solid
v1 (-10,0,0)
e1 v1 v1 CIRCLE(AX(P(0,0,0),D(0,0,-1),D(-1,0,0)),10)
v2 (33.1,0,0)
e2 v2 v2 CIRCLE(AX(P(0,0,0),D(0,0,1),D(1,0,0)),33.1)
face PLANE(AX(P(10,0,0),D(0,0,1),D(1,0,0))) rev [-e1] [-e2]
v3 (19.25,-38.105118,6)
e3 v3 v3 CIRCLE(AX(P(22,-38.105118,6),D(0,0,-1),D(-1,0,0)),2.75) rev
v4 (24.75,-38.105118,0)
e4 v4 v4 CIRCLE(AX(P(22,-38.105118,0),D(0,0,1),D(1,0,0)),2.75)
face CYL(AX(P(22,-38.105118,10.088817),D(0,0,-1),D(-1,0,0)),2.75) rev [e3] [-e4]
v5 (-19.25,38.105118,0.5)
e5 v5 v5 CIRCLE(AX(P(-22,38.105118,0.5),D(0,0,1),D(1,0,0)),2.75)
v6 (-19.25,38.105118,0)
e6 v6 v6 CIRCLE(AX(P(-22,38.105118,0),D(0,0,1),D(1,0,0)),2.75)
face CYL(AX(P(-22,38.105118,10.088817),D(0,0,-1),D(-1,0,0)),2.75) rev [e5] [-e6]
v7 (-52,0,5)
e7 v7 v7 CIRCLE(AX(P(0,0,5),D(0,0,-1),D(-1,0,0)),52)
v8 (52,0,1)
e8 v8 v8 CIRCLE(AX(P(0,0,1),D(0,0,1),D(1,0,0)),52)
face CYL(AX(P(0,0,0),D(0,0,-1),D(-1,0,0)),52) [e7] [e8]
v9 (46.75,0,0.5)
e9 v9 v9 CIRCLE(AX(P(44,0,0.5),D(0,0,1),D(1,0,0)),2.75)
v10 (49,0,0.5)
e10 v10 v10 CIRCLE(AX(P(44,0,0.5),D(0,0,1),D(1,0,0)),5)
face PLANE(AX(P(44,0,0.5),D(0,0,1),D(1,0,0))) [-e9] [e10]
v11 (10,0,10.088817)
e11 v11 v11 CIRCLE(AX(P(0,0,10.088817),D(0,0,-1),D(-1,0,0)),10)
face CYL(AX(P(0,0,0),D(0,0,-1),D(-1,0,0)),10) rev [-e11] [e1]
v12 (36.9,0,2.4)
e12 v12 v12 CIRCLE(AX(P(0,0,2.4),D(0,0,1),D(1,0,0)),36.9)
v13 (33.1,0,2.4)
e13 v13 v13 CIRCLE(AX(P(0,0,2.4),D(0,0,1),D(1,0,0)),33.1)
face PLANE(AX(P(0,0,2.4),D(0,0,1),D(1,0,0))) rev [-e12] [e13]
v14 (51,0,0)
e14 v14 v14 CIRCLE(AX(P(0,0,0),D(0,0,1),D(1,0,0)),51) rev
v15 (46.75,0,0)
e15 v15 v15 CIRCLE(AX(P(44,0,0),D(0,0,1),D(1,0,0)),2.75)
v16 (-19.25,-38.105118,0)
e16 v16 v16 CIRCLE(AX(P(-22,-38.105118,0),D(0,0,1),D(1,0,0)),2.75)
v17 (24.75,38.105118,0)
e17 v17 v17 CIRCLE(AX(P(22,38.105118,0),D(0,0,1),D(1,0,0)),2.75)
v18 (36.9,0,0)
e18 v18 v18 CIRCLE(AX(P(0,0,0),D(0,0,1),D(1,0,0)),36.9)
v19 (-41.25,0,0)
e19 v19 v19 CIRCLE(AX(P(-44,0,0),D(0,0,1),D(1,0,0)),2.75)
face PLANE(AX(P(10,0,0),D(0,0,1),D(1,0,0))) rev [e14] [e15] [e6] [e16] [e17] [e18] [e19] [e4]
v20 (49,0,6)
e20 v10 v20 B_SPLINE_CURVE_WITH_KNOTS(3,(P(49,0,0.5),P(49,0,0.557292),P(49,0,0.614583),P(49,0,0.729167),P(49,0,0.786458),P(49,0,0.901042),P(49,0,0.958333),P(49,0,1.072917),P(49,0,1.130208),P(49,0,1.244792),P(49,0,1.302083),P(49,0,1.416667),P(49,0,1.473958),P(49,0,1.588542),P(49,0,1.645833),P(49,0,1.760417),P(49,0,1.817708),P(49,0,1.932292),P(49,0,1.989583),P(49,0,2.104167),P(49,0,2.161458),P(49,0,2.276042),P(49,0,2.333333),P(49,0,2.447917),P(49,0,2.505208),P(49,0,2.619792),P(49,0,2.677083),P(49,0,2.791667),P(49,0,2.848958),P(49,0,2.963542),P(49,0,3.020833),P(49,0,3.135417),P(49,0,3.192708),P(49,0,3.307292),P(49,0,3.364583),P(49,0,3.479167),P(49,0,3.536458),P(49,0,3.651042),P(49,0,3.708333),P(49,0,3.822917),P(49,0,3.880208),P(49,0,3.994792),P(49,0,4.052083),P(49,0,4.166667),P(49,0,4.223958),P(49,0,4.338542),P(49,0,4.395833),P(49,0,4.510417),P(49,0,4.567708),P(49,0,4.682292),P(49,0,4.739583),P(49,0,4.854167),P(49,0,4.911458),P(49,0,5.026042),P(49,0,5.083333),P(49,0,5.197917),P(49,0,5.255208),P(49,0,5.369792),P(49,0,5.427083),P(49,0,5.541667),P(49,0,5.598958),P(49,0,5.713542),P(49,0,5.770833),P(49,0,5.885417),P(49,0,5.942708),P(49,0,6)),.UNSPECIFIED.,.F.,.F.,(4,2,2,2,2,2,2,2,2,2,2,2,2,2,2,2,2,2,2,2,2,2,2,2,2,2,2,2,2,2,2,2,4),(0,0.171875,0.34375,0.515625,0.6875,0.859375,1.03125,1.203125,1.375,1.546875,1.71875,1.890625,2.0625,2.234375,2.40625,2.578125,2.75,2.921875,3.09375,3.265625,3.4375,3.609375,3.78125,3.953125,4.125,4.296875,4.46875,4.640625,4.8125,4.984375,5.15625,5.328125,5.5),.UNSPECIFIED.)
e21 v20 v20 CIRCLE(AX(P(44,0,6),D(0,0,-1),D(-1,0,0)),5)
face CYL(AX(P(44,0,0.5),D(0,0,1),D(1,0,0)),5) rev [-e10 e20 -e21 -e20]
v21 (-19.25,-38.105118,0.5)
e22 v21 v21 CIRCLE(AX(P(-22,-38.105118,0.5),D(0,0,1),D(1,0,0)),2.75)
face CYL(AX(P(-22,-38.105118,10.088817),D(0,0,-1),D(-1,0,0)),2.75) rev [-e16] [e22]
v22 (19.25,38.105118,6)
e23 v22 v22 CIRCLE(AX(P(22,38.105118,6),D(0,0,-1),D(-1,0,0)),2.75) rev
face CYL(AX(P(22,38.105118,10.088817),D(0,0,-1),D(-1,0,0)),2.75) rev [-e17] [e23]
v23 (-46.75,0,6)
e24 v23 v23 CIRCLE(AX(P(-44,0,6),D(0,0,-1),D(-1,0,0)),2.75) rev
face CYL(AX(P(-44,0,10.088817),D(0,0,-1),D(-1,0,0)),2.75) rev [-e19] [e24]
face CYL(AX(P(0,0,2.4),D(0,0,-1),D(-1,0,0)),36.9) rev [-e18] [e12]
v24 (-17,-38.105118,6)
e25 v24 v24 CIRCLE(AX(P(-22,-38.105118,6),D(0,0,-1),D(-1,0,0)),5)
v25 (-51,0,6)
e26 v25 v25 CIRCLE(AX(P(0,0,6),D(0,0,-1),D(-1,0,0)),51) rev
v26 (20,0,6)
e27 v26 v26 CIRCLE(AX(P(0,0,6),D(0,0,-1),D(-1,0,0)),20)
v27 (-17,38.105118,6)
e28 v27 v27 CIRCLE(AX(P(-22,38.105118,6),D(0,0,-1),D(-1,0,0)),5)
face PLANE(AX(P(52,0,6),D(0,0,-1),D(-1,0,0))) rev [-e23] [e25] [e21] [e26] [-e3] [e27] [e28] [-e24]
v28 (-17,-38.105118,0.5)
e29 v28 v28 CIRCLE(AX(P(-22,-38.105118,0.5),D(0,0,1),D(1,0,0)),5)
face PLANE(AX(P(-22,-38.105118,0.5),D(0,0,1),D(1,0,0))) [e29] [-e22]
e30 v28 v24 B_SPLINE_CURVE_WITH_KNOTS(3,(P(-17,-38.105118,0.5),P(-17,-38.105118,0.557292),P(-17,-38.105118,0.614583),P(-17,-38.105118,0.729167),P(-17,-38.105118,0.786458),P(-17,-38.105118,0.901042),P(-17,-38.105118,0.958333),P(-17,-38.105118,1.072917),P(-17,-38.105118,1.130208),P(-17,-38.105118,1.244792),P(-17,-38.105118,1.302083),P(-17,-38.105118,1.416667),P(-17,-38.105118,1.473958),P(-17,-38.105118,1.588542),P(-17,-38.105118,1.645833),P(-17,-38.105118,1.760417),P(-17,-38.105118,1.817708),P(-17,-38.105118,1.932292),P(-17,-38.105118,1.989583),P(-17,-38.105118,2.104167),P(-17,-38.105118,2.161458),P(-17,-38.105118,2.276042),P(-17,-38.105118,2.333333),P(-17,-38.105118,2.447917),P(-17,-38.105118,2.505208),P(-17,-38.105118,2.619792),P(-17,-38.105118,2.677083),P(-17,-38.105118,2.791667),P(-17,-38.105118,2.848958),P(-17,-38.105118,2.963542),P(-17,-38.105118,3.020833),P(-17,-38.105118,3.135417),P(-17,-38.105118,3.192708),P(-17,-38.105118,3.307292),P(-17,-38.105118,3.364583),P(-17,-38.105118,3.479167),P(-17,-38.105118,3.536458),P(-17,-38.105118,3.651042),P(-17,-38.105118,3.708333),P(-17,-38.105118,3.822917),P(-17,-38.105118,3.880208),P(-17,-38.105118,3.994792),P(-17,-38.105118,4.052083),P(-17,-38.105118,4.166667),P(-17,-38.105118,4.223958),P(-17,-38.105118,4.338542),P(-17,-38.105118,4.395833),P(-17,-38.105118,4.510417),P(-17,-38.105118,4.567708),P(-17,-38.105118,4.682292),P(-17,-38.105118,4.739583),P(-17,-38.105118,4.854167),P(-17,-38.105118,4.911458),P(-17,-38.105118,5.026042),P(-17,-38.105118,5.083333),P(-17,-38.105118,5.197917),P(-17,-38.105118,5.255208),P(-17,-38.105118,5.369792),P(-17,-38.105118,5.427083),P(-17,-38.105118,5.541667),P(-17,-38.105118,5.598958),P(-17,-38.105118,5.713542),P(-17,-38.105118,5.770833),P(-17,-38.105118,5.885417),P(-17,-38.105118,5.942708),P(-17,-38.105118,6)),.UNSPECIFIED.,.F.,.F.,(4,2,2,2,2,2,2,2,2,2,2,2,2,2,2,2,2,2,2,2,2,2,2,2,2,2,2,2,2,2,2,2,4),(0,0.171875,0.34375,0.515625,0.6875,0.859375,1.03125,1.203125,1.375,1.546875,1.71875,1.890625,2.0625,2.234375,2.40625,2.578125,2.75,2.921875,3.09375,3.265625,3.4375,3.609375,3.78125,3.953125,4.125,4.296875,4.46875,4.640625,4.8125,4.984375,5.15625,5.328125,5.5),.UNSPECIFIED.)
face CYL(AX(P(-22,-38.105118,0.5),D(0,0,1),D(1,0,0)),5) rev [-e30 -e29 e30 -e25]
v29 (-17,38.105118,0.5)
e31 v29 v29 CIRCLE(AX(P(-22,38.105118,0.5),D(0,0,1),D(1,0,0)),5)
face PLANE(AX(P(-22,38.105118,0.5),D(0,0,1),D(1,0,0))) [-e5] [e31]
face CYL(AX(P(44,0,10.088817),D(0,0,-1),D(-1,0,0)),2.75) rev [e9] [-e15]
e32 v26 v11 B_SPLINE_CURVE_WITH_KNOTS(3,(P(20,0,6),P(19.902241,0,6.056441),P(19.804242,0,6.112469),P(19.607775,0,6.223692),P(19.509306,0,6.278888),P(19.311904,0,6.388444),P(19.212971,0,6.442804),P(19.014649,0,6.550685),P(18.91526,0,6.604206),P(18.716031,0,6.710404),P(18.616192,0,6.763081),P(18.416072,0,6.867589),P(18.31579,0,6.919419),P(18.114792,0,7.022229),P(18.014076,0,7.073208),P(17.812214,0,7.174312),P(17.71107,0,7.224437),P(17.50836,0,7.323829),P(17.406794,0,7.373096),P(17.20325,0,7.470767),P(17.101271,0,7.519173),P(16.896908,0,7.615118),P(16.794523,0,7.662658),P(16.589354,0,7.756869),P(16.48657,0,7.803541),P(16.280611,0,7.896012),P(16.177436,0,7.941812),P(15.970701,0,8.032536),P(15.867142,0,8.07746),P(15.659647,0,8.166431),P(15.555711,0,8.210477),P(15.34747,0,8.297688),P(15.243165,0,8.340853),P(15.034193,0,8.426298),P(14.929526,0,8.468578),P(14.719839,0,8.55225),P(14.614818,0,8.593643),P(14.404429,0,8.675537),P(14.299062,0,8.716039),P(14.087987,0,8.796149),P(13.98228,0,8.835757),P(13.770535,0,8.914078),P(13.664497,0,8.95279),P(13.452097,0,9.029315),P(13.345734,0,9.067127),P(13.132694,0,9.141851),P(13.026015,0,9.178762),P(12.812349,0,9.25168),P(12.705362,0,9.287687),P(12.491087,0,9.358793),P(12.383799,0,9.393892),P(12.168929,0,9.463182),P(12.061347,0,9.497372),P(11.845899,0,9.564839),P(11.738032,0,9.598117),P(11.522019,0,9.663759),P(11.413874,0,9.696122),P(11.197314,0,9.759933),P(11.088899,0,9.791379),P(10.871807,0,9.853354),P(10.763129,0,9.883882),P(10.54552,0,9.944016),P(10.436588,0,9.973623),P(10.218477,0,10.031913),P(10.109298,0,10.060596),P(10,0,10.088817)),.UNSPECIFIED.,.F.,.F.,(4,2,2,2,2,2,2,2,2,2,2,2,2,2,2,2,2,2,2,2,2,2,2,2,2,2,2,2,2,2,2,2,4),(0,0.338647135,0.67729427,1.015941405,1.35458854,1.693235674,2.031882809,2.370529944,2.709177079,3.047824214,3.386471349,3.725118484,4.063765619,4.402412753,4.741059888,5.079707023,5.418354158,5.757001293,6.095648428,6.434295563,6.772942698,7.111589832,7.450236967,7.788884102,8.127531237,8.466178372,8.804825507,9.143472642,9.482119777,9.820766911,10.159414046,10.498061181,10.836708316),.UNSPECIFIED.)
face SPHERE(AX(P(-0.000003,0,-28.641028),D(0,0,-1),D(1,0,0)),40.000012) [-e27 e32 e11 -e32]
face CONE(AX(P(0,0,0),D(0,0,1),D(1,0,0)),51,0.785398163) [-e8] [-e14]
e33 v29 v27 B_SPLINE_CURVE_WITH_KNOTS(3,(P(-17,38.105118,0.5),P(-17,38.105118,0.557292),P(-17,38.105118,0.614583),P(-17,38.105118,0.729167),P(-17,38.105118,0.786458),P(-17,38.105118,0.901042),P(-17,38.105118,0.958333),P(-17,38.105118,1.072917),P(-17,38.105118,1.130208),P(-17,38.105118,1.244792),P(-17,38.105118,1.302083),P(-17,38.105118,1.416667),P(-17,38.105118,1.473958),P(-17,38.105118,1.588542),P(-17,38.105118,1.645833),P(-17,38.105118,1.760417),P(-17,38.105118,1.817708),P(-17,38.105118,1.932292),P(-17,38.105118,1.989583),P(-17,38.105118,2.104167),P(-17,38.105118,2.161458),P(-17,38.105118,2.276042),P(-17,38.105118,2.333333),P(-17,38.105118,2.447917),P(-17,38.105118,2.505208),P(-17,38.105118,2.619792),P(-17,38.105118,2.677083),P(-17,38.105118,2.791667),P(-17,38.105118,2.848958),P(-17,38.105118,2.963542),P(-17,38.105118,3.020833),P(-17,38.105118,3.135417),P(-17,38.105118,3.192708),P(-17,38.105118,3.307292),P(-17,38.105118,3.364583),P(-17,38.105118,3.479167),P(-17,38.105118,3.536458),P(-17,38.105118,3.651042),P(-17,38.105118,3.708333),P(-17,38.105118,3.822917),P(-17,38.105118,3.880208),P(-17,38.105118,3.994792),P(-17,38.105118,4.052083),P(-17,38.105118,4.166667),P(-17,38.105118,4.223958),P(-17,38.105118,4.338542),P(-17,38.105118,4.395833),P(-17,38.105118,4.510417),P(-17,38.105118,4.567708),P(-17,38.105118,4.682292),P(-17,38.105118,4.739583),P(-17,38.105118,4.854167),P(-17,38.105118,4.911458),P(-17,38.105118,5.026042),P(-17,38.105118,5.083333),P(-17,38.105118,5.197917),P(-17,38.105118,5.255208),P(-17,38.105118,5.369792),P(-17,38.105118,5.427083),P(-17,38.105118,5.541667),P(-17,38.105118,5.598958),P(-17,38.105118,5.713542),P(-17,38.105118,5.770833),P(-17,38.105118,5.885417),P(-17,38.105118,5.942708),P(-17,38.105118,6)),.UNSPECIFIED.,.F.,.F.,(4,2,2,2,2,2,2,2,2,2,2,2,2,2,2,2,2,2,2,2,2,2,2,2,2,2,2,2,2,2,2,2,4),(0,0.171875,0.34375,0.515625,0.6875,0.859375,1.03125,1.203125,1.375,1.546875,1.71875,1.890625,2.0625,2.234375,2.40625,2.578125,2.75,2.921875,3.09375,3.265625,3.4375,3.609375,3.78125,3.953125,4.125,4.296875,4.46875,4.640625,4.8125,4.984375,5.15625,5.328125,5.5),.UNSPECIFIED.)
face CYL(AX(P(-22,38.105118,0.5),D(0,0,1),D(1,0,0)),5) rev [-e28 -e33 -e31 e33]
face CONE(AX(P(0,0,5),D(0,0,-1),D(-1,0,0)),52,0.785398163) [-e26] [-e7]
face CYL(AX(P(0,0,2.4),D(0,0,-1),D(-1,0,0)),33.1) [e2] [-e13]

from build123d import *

# Parameters (mm, degrees)
SK_H0_R            = 2.75
CUT_H0_DEPTH       = 75.227920828
SK_H1_R            = 2.75
CUT_H1_DEPTH       = 75.227920828
SK_H2_R            = 2.75
CUT_H2_DEPTH       = 75.227920828
SK_H60_R           = 2.75
CUT_H60_DEPTH      = 75.227920828
SK_H180_R          = 2.75
CUT_H180_DEPTH     = 75.227920828
SK_H300_R          = 2.75
CUT_H300_DEPTH     = 75.227920828
SK_CB0_R           = 5
CUT_CB0_DEPTH      = 3.25
SK_CB1_R           = 5
CUT_CB1_DEPTH      = 3.25
SK_CB2_R           = 5
CUT_CB2_DEPTH      = 3.25
SK_GROOVE70_R      = 36.9
SK_GROOVE70_R_2    = 33.1
CUT_GROOVE70_DEPTH = 2.4
CHAMFER_C1_SIZE    = 1


with BuildPart() as part:
    # Sk_cover → Rev_cover (revolve)
    with BuildSketch(Plane(origin=(0, 0, 0), x_dir=(1, 0, 0), z_dir=(0, 1, 0)), mode=Mode.PRIVATE) as rev_cover_sk:
        with BuildLine():
            Line((10, 0), (52, 0))
            Line((52, 0), (52, -6))
            Line((52, -6), (20, -6))
            ThreePointArc((20, -6), (15.138679109, -8.383575327), (10, -10.088817))
            Line((10, -10.088817), (10, 0))
        make_face()
    revolve(rev_cover_sk.sketch.rotate(Axis((0, 0, 0), (0, 0, 1)), 180), axis=Axis((0, 0, 0), (0, 0, 1)))

    # Sk_h0 → Cut_h0 (cut, through all)
    with BuildSketch(Plane.XY):
        with Locations(Location((44, 0, 0), (0, 0, 180))):
            Circle(SK_H0_R)
    extrude(amount=CUT_H0_DEPTH, mode=Mode.SUBTRACT)

    # Sk_h1 → Cut_h1 (cut, through all)
    with BuildSketch(Plane.XY):
        with Locations(Location((-22, 38.105117767, 0), (0, 0, 180))):
            Circle(SK_H1_R)
    extrude(amount=CUT_H1_DEPTH, mode=Mode.SUBTRACT)

    # Sk_h2 → Cut_h2 (cut, through all)
    with BuildSketch(Plane.XY):
        with Locations(Location((-22, -38.105117767, 0), (0, 0, 180))):
            Circle(SK_H2_R)
    extrude(amount=CUT_H2_DEPTH, mode=Mode.SUBTRACT)

    # Sk_h60 → Cut_h60 (cut, through all)
    with BuildSketch(Plane.XY):
        with Locations(Location((22, 38.105117767, 0), (0, 0, 180))):
            Circle(SK_H60_R)
    extrude(amount=CUT_H60_DEPTH, mode=Mode.SUBTRACT)

    # Sk_h180 → Cut_h180 (cut, through all)
    with BuildSketch(Plane.XY):
        with Locations(Location((-44, 0, 0), (0, 0, 180))):
            Circle(SK_H180_R)
    extrude(amount=CUT_H180_DEPTH, mode=Mode.SUBTRACT)

    # Sk_h300 → Cut_h300 (cut, through all)
    with BuildSketch(Plane.XY):
        with Locations(Location((22, -38.105117767, 0), (0, 0, 180))):
            Circle(SK_H300_R)
    extrude(amount=CUT_H300_DEPTH, mode=Mode.SUBTRACT)

    # Sk_cb0 → Cut_cb0 (cut, symmetric)
    with BuildSketch(Plane.XY.offset(3.75)):
        with Locations((44, 0)):
            Circle(SK_CB0_R)
    extrude(amount=CUT_CB0_DEPTH, both=True, mode=Mode.SUBTRACT)

    # Sk_cb1 → Cut_cb1 (cut, symmetric)
    with BuildSketch(Plane.XY.offset(3.75)):
        with Locations((-22, 38.105117767)):
            Circle(SK_CB1_R)
    extrude(amount=CUT_CB1_DEPTH, both=True, mode=Mode.SUBTRACT)

    # Sk_cb2 → Cut_cb2 (cut, symmetric)
    with BuildSketch(Plane.XY.offset(3.75)):
        with Locations((-22, -38.105117767)):
            Circle(SK_CB2_R)
    extrude(amount=CUT_CB2_DEPTH, both=True, mode=Mode.SUBTRACT)

    # Sk_groove70 → Cut_groove70 (cut)
    with BuildSketch(Plane.XY):
        Circle(SK_GROOVE70_R)
        Circle(SK_GROOVE70_R_2, mode=Mode.SUBTRACT)
    extrude(amount=CUT_GROOVE70_DEPTH, mode=Mode.SUBTRACT)

    # Chamfer_C1
    chamfer_c1_edges = [part.edges().sort_by_distance(p)[0] for p in [
        (52, 0, 6),
        (52, 0, 0),
    ]]
    chamfer(chamfer_c1_edges, length=CHAMFER_C1_SIZE)


solid = part.part
